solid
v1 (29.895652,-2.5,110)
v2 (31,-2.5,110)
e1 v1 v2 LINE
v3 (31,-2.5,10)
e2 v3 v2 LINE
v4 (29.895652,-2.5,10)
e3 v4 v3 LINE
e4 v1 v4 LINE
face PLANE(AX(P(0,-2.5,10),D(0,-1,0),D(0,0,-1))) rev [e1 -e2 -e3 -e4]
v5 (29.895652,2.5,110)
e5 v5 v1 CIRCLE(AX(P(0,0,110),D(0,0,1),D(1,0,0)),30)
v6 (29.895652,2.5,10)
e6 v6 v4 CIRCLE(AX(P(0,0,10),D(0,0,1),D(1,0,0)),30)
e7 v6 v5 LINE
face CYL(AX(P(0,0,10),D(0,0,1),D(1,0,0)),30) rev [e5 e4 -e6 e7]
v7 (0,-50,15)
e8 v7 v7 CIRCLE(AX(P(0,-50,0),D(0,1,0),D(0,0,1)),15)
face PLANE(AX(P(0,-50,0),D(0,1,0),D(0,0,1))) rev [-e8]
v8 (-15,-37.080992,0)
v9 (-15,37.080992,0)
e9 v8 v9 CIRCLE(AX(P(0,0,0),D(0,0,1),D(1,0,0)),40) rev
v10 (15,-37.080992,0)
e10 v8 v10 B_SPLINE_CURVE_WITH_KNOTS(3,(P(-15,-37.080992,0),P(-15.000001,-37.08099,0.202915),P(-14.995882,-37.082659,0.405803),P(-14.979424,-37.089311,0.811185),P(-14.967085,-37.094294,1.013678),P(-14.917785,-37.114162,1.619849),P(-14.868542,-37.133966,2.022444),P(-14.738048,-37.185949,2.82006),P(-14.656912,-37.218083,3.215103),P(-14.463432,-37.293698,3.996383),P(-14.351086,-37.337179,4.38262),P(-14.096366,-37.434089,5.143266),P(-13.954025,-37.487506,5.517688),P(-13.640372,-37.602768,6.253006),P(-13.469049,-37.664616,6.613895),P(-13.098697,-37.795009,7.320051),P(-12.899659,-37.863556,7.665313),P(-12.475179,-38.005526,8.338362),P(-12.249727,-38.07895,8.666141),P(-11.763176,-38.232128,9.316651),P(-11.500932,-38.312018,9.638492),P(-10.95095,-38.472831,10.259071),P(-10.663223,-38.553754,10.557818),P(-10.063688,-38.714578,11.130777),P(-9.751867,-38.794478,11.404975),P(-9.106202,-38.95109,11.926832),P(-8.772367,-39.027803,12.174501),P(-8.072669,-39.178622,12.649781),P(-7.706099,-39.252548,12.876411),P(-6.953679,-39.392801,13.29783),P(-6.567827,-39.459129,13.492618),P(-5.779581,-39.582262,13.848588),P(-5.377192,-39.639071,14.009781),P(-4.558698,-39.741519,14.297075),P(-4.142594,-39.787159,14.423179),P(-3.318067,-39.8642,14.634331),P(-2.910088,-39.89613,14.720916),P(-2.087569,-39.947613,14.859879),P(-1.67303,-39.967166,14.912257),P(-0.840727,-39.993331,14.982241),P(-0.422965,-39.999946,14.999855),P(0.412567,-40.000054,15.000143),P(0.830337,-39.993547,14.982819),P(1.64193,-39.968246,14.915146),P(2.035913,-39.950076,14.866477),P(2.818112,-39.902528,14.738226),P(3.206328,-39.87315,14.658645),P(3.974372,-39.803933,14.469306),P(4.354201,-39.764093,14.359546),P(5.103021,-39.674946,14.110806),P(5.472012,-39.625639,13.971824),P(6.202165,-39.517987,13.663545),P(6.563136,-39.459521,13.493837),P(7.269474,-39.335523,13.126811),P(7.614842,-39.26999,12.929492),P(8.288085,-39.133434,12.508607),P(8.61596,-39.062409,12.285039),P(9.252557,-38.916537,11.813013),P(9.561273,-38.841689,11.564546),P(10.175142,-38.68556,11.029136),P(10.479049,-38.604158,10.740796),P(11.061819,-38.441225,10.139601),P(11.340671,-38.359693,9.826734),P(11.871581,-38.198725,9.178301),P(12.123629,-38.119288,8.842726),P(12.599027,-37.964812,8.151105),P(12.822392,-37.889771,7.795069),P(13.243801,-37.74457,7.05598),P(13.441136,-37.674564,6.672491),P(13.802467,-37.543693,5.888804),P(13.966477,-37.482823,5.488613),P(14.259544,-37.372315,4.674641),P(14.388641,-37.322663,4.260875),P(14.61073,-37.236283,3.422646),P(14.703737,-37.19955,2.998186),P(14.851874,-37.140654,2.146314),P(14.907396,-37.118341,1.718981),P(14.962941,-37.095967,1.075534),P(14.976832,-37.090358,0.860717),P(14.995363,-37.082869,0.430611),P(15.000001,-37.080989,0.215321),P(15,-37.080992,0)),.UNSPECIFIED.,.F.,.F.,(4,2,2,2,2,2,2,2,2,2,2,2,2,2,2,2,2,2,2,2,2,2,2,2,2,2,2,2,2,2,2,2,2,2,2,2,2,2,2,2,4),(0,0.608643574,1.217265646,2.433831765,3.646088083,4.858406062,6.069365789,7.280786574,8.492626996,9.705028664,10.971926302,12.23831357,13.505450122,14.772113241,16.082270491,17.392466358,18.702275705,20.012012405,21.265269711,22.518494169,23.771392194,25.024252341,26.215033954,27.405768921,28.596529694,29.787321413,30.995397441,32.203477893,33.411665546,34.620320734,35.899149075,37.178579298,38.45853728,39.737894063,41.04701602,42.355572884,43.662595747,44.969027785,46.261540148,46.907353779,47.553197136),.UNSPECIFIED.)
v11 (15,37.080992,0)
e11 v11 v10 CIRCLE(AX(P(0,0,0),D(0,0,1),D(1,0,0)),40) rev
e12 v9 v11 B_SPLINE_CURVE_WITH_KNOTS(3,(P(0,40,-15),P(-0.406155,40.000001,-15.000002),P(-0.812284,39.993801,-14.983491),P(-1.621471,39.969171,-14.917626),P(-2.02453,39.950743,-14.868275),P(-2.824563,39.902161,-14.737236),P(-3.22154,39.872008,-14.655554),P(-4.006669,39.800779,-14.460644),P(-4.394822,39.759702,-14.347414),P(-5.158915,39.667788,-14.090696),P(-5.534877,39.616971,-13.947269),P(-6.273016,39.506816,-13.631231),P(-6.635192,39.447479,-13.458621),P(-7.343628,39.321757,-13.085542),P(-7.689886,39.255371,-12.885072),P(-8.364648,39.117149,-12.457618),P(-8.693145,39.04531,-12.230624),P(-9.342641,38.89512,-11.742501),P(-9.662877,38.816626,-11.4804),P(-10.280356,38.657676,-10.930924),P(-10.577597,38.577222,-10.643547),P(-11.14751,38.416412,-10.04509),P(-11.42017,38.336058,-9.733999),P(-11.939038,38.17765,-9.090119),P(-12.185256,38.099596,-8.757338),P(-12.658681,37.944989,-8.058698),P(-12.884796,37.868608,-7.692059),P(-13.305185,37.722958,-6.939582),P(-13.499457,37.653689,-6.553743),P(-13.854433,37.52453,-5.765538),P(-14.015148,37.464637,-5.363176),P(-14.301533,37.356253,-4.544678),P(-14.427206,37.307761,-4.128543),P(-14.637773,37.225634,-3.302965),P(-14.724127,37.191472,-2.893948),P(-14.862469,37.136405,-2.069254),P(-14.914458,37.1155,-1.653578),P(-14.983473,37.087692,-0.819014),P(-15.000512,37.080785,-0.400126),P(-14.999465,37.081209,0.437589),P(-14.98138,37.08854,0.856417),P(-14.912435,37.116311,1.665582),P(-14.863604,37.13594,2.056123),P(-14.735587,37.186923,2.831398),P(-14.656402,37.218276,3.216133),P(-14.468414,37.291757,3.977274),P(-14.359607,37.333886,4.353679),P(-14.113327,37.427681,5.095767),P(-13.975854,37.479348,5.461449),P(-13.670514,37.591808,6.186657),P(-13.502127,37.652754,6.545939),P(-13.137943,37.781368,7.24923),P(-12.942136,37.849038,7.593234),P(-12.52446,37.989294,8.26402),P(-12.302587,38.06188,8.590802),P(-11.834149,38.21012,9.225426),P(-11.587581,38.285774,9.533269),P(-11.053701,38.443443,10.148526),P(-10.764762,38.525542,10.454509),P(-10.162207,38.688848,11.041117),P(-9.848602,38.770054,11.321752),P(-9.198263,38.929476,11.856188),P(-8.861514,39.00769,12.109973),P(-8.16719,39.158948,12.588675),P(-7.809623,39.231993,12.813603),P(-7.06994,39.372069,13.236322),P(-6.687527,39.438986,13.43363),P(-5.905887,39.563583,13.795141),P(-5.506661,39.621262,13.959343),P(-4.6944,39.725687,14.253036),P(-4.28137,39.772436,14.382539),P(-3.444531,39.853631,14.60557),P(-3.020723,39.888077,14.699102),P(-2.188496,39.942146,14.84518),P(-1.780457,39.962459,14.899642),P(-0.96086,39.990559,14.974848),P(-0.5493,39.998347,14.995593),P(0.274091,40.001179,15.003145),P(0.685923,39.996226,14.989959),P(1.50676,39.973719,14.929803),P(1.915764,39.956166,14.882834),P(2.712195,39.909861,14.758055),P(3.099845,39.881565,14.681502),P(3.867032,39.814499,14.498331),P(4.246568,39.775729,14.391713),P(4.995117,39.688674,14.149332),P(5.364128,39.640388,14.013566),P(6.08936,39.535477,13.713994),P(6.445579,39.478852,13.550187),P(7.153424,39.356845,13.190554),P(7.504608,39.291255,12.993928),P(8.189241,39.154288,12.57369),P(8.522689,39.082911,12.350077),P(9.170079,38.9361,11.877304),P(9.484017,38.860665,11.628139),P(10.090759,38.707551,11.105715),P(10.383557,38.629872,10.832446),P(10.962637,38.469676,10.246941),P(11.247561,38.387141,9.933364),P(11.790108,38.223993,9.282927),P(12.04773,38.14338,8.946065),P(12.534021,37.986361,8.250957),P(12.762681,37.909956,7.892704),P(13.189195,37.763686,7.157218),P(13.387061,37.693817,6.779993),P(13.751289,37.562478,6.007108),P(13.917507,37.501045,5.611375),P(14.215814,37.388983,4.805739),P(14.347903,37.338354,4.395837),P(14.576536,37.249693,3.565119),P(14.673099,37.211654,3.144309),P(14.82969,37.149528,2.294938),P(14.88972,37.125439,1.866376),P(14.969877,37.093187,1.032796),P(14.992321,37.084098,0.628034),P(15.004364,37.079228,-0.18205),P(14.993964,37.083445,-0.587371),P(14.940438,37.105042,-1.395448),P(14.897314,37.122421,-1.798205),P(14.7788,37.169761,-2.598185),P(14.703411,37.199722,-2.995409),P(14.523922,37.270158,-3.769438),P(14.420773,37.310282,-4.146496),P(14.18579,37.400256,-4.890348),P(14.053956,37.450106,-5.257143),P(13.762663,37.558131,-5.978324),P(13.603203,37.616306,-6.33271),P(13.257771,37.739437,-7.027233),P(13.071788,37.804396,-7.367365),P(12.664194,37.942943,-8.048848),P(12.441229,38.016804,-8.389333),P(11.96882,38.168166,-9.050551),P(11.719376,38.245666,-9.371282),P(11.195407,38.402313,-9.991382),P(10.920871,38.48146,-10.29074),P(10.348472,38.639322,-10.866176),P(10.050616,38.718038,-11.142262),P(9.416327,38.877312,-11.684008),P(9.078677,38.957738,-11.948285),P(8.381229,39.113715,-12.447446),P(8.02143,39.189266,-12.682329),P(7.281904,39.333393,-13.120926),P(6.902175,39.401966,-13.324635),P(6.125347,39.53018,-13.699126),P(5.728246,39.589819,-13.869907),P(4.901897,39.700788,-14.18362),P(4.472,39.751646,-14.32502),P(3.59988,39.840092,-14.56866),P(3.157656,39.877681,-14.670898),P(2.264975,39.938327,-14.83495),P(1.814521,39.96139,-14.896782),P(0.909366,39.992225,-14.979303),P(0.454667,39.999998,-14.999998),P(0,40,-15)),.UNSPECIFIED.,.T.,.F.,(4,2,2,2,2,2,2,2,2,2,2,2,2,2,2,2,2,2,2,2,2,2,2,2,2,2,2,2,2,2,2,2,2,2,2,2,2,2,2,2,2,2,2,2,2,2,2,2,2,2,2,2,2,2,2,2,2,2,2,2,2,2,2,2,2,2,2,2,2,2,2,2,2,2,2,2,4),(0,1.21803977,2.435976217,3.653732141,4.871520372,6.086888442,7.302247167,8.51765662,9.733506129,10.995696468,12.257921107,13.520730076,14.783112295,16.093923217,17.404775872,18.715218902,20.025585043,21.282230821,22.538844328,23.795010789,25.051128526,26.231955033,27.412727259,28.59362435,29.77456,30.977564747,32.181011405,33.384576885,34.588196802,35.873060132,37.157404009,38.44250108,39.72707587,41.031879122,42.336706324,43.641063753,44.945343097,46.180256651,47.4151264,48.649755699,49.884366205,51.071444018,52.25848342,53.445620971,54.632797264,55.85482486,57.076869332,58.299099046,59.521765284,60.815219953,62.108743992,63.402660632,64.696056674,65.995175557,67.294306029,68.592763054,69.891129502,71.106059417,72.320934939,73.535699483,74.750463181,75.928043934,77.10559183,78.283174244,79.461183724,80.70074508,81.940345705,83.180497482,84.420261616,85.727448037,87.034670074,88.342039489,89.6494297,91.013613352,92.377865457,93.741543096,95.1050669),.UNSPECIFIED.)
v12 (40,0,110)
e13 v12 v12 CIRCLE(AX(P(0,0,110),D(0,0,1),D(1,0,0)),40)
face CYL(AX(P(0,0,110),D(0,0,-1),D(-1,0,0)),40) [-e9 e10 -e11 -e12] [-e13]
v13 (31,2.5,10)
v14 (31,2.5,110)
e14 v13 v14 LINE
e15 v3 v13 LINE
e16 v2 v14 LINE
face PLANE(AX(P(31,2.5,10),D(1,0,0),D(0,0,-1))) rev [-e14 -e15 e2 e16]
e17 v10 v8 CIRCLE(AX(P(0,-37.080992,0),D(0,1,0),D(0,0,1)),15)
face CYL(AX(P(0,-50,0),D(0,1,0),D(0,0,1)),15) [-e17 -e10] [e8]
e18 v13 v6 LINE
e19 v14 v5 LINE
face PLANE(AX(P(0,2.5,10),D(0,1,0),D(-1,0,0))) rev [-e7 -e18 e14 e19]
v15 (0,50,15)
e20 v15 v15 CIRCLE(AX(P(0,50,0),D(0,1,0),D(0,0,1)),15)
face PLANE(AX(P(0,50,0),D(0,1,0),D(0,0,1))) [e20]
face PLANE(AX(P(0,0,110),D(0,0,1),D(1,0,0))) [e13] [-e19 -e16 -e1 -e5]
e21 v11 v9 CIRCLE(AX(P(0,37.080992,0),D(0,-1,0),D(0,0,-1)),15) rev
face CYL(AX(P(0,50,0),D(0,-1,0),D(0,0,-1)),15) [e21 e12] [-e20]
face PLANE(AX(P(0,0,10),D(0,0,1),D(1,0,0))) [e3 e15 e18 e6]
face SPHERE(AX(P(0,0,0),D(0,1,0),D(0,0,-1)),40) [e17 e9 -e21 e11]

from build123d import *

# Parameters (mm, degrees)
SKETCH1_R           = 40
BOSS_EXTRUDE2_DEPTH = 110
SKETCH4_R           = 15
BOSS_EXTRUDE3_DEPTH = 50
SKETCH5_R           = 15
BOSS_EXTRUDE4_DEPTH = 50
SKETCH6_R           = 30
CUT_EXTRUDE1_DEPTH  = 100
SKETCH8_W           = 31
SKETCH8_H           = 5
CUT_EXTRUDE2_DEPTH  = 100


with BuildPart() as part:
    # Sketch1 → Boss-Extrude2 (new body)
    with BuildSketch(Plane.XY):
        Circle(SKETCH1_R)
    extrude(amount=BOSS_EXTRUDE2_DEPTH)

    # Sketch3 → Revolve1 (revolve)
    with BuildSketch(Plane(origin=(0, 0, 0), x_dir=(0, 0, -1), z_dir=(1, 0, 0))):
        with BuildLine():
            Line((0, 40), (0, -40))
            ThreePointArc((0, -40), (40, 0), (0, 40))
        make_face()
    revolve(axis=Axis((0, -40, 0), (0, 1, 0)))

    # Sketch4 → Boss-Extrude3 (add)
    with BuildSketch(Plane(origin=(0, 0, 0), x_dir=(1, 0, 0), z_dir=(0, 1, 0))):
        Circle(SKETCH4_R)
    extrude(amount=BOSS_EXTRUDE3_DEPTH)

    # Sketch5 → Boss-Extrude4 (add)
    with BuildSketch(Plane(origin=(0, 0, 0), x_dir=(1, 0, 0), z_dir=(0, 1, 0))):
        Circle(SKETCH5_R)
    extrude(amount=-BOSS_EXTRUDE4_DEPTH)

    # Sketch6 → Cut-Extrude1 (cut)
    with BuildSketch(Plane.XY.offset(110)):
        Circle(SKETCH6_R)
    extrude(amount=-CUT_EXTRUDE1_DEPTH, mode=Mode.SUBTRACT)

    # Sketch8 → Cut-Extrude2 (cut)
    with BuildSketch(Plane.XY.offset(110)):
        with Locations((15.5, 0)):
            Rectangle(SKETCH8_W, SKETCH8_H)
    extrude(amount=-CUT_EXTRUDE2_DEPTH, mode=Mode.SUBTRACT)


solid = part.part
